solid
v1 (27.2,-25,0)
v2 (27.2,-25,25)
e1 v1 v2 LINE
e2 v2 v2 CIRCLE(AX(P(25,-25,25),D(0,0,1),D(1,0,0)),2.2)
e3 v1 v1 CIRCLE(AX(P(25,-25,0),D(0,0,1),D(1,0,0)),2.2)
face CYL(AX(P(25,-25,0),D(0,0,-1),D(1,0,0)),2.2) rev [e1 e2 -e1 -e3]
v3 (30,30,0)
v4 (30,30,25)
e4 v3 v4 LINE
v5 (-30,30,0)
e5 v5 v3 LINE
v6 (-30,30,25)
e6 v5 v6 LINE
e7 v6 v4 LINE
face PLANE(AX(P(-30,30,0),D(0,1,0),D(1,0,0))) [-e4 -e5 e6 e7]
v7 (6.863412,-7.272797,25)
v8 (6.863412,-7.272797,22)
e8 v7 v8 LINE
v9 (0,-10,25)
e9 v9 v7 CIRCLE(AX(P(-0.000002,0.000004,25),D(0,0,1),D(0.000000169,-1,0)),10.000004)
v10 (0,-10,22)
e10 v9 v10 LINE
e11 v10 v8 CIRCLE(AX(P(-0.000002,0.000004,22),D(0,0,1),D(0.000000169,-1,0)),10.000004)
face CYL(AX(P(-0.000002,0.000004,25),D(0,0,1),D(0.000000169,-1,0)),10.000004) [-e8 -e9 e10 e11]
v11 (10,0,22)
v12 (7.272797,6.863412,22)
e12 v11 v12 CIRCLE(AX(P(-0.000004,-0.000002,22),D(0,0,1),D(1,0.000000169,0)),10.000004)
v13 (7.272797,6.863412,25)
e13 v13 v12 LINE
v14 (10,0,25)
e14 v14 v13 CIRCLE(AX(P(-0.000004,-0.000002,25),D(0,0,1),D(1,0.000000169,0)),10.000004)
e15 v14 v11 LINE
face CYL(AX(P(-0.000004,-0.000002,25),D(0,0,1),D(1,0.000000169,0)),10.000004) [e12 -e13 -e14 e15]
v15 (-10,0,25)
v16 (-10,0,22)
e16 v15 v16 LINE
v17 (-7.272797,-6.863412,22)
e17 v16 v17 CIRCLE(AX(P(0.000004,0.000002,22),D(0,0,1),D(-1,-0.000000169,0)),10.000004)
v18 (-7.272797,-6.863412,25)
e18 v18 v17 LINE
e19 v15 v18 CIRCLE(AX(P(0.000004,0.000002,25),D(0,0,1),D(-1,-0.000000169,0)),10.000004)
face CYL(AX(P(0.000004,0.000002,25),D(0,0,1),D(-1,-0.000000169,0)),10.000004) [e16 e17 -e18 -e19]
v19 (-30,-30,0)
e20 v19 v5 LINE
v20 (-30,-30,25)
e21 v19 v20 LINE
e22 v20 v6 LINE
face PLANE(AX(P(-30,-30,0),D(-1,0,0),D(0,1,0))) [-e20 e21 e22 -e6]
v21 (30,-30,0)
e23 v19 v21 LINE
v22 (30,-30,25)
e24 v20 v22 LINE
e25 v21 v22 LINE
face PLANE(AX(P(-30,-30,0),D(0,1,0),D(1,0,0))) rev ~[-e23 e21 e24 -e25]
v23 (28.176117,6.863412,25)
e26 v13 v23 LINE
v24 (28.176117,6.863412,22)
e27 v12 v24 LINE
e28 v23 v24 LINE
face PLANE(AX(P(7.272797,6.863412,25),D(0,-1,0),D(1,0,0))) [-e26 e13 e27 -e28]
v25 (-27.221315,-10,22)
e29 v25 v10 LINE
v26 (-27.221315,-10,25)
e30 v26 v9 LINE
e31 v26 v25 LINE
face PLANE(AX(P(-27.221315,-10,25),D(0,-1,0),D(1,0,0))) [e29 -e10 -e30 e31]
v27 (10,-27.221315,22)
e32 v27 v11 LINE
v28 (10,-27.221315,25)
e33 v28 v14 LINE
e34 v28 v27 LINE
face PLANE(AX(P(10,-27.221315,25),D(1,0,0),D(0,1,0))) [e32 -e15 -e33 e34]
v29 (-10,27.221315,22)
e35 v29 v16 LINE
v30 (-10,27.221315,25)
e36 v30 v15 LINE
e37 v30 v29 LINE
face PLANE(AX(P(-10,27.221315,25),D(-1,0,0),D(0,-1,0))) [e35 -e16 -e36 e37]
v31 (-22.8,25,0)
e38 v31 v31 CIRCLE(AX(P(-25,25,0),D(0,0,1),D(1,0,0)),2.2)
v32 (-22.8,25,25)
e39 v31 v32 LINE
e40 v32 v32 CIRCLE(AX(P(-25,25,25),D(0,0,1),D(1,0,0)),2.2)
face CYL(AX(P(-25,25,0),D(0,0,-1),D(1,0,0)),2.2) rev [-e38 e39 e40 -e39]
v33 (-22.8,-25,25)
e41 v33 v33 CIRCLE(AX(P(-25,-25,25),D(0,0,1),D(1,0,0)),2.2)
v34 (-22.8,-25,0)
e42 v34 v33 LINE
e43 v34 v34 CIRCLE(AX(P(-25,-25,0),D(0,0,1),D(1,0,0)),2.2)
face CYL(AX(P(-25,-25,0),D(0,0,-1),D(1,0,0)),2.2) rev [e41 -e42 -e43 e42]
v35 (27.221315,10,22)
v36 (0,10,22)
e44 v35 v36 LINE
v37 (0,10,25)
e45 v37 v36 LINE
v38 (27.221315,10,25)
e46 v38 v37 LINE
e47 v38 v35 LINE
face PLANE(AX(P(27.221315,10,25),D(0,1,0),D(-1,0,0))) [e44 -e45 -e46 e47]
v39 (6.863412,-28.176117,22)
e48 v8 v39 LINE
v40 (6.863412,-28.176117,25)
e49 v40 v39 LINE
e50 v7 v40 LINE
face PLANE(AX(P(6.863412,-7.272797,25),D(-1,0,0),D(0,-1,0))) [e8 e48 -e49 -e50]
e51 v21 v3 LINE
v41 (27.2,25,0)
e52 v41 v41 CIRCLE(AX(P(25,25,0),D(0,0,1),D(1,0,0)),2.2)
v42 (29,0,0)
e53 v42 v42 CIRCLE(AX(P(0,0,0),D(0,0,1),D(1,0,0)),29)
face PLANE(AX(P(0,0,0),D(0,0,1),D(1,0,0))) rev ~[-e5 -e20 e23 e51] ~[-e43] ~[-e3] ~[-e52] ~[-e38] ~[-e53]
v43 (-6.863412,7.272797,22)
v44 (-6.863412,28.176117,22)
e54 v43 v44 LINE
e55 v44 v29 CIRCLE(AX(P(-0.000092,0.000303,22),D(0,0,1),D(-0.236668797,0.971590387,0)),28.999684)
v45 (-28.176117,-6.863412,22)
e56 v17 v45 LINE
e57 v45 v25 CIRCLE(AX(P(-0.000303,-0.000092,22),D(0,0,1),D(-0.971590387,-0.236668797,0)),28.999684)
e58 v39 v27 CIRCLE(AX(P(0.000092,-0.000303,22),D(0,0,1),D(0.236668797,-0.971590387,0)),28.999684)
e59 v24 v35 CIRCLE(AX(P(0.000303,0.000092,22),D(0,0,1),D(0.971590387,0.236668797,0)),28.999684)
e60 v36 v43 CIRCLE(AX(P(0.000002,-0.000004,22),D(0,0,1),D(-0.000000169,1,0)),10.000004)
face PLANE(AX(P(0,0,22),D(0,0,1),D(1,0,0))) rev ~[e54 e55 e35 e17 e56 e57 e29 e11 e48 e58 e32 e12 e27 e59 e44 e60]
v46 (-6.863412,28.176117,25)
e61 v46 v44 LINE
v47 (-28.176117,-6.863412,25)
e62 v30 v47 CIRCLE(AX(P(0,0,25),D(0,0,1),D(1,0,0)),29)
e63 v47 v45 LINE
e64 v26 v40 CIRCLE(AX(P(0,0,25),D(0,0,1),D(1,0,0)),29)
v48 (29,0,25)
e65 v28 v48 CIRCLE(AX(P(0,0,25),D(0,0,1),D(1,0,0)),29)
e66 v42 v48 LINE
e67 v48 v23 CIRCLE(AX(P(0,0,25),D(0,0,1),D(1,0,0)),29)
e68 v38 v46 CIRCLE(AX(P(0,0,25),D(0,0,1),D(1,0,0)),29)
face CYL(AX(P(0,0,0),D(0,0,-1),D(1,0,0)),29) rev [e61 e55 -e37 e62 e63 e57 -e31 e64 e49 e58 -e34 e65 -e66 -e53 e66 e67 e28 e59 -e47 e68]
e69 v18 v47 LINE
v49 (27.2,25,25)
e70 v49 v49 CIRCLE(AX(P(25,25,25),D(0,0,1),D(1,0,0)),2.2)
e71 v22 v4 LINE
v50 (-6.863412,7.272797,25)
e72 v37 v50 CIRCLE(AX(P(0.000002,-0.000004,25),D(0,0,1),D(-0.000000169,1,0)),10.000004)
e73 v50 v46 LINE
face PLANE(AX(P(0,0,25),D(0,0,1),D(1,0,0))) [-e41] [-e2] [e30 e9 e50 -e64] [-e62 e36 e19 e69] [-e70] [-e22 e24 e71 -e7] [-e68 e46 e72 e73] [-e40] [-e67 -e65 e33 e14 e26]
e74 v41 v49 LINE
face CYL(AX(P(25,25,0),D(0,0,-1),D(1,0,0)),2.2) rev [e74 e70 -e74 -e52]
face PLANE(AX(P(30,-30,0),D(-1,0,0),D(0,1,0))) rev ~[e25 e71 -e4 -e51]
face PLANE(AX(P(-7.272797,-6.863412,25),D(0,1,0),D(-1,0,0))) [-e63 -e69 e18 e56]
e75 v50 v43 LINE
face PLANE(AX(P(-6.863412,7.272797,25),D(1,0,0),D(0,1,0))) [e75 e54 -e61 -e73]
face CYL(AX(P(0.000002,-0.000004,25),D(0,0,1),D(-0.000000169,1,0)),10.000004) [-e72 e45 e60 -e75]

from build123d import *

# Parameters (mm, degrees)
F0_W     = 60
F0_H     = 60
F0_R     = 2.2
F0_R_2   = 29
F1_DEPTH = 25
F3_DEPTH = 3


with BuildPart() as f1:
    # F0 (on Top) → F1 (new body)
    with BuildSketch(Plane.XY):
        Rectangle(F0_W, F0_H)
        with Locations((-25, -25)):
            Circle(F0_R, mode=Mode.SUBTRACT)
        with Locations((25, -25)):
            Circle(F0_R, mode=Mode.SUBTRACT)
        with Locations((-25, 25)):
            Circle(F0_R, mode=Mode.SUBTRACT)
        Circle(F0_R_2, mode=Mode.SUBTRACT)
        with Locations((25, 25)):
            Circle(F0_R, mode=Mode.SUBTRACT)
    extrude(amount=F1_DEPTH)

    # F2 (on face) → F3 (join)
    with BuildSketch(Plane.XY.offset(25)):
        with BuildLine():
            Line((-10, 27.221315), (-10, 0))
            ThreePointArc((-10, 0), (-9.293222, -3.692698), (-7.272797, -6.863412))
            Line((-7.272797, -6.863412), (-28.176117, -6.863412))
            ThreePointArc((-28.176117, -6.863412), (-27.743079, -8.445211), (-27.221315, -10))
            Line((-27.221315, -10), (0, -10))
            ThreePointArc((0, -10), (3.692698, -9.293222), (6.863412, -7.272797))
            Line((6.863412, -7.272797), (6.863412, -28.176117))
            ThreePointArc((6.863412, -28.176117), (8.445211, -27.743079), (10, -27.221315))
            Line((10, -27.221315), (10, 0))
            ThreePointArc((10, 0), (9.293222, 3.692698), (7.272797, 6.863412))
            Line((7.272797, 6.863412), (28.176117, 6.863412))
            ThreePointArc((28.176117, 6.863412), (27.743079, 8.445211), (27.221315, 10))
            Line((27.221315, 10), (0, 10))
            ThreePointArc((0, 10), (-3.692698, 9.293222), (-6.863412, 7.272797))
            Line((-6.863412, 7.272797), (-6.863412, 28.176117))
            ThreePointArc((-6.863412, 28.176117), (-8.445211, 27.743079), (-10, 27.221315))
        make_face()
    extrude(amount=-F3_DEPTH)


solid = f1.part
